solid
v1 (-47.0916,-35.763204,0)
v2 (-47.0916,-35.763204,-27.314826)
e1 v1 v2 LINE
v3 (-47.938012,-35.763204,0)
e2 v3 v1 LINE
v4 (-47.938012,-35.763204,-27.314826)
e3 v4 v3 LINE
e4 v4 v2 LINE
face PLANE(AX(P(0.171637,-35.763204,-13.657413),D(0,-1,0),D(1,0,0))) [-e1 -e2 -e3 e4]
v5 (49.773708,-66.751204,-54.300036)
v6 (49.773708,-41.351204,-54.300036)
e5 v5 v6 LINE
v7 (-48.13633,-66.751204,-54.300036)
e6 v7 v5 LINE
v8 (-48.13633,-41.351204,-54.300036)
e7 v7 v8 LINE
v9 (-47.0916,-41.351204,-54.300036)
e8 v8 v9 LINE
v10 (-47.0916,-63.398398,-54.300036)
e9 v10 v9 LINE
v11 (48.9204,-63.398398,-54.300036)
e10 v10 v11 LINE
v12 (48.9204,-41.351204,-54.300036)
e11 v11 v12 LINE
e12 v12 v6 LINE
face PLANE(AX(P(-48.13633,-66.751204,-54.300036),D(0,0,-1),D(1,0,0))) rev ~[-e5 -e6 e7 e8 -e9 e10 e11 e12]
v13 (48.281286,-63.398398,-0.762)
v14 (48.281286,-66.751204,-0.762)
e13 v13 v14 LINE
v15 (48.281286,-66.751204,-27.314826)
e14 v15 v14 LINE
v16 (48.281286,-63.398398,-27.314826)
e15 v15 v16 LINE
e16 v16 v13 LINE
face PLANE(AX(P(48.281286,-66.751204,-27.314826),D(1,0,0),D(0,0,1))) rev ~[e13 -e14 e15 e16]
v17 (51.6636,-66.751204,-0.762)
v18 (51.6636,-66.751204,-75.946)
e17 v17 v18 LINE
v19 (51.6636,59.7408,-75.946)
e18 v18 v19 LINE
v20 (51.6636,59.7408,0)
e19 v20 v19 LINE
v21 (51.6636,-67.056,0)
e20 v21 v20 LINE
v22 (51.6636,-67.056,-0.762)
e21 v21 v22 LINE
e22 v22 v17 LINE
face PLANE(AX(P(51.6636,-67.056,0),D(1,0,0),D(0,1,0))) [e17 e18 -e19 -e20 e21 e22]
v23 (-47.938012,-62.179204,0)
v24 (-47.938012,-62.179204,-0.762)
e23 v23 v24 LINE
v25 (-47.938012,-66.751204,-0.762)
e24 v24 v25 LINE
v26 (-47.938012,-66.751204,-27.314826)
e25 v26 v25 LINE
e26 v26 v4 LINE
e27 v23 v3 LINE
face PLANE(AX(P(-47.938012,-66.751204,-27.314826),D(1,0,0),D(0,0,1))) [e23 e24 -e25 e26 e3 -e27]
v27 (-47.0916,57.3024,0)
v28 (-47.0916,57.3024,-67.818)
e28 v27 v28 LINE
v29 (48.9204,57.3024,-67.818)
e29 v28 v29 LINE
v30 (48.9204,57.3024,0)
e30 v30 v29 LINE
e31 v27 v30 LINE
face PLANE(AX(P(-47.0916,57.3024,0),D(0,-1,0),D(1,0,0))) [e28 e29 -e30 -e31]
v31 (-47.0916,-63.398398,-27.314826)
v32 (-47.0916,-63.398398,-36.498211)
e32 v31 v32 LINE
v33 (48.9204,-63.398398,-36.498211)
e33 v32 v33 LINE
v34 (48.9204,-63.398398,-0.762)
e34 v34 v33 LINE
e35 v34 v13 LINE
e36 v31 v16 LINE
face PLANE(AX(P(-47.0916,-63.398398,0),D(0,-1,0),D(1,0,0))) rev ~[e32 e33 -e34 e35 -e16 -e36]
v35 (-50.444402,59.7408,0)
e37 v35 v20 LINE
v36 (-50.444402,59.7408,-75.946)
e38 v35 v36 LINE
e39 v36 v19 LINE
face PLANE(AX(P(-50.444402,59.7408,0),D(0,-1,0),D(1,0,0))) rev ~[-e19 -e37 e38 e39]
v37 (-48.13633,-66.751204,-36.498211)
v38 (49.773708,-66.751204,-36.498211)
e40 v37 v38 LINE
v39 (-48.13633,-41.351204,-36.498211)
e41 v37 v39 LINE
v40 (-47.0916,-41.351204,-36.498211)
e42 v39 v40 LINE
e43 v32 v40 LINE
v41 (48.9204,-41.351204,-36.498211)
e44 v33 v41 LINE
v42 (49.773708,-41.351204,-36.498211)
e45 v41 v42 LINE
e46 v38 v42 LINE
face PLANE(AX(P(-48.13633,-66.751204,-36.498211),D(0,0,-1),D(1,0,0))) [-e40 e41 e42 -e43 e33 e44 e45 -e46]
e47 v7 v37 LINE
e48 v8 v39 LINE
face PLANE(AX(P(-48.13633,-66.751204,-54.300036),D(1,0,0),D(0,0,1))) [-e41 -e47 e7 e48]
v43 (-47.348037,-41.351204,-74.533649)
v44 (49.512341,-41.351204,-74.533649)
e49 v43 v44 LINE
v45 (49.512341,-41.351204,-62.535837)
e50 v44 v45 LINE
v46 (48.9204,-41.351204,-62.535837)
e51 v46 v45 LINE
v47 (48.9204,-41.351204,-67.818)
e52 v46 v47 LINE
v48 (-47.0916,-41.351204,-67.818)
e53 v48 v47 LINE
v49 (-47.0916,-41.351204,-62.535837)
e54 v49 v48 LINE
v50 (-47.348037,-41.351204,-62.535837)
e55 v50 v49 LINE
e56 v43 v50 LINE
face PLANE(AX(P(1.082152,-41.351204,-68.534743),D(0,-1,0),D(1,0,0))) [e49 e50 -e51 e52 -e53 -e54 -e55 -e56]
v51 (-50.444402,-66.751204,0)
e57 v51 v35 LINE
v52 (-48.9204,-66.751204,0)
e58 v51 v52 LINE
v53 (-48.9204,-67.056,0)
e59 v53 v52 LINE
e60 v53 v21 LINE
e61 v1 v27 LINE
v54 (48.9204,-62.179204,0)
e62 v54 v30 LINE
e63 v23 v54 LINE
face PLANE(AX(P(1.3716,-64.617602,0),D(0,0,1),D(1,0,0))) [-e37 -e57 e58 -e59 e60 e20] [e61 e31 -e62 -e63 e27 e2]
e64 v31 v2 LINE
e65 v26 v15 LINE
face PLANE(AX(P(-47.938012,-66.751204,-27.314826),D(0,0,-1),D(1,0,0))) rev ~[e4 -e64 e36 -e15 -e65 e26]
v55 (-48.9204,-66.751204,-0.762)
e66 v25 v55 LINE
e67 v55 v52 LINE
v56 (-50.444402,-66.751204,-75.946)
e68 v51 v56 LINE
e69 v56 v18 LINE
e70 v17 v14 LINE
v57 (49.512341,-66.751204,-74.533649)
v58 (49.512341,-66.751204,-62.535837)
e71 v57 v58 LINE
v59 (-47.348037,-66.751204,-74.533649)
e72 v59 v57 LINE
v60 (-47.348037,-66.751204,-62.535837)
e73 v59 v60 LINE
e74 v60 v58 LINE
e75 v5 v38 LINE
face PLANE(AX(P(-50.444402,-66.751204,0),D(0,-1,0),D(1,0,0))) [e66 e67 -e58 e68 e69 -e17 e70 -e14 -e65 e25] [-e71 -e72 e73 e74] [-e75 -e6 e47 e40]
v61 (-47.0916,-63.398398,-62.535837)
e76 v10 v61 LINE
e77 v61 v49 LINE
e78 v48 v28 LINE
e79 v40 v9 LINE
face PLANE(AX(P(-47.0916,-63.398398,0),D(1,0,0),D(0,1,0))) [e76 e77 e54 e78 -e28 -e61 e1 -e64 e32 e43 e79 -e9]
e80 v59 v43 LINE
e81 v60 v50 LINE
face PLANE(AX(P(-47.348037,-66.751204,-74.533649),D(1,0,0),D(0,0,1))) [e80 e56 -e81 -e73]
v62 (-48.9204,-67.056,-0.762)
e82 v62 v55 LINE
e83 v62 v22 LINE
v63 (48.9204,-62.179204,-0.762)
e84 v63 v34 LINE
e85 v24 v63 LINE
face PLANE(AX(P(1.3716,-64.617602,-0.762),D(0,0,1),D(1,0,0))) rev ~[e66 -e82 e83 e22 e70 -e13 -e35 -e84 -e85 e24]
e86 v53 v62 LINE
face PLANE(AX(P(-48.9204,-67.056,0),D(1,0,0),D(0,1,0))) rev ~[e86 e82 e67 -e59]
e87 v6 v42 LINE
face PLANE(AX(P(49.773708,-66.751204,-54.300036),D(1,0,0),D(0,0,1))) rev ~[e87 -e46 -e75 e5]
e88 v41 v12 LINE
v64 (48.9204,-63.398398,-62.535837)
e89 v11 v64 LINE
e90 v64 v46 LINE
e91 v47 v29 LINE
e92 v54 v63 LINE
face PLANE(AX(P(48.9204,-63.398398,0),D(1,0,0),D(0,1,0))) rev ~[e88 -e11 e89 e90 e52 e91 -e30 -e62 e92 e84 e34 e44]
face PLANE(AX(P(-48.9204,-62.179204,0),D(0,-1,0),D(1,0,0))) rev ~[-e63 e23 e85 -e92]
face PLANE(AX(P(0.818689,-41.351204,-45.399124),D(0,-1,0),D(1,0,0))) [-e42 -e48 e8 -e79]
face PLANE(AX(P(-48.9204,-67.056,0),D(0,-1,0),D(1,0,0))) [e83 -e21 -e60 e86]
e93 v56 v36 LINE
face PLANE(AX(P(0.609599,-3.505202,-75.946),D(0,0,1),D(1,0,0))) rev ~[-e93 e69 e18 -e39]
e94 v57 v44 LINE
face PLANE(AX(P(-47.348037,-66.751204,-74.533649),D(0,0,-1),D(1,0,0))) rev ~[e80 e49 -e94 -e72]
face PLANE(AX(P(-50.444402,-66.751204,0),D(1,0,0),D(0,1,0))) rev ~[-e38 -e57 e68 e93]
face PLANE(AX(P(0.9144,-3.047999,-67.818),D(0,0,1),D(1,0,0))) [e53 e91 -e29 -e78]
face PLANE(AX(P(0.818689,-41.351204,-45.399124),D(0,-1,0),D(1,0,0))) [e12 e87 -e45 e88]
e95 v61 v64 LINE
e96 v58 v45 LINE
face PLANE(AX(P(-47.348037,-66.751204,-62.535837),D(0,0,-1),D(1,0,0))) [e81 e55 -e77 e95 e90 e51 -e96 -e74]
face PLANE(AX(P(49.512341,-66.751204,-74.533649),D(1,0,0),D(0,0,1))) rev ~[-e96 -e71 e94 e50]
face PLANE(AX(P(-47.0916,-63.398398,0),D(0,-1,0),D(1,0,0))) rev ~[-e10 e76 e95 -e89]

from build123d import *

# Parameters (mm, degrees)
F0_W      = 102.108002
F0_H      = 126.492004
F1_DEPTH  = 75.946
F2_W      = 96.012
F2_H      = 120.700798
F3_DEPTH  = 67.818
F5_W      = 96.219298
F5_H      = 27.314827
F6_DEPTH  = 30.988
F7_W      = 97.910039
F7_H      = 17.801825
F8_DEPTH  = 25.4
F9_W      = 96.860379
F9_H      = 11.997812
F10_DEPTH = 25.4
F11_W     = 100.584
F11_H     = 4.876796
F12_DEPTH = 0.762


with BuildPart() as f1:
    # F0 (on Top) → F1 (new body)
    with BuildSketch(Plane.XY):
        with Locations((0.609599, -3.505202)):
            Rectangle(F0_W, F0_H)
    extrude(amount=-F1_DEPTH)

    # F2 (on face) → F3 (cut)
    with BuildSketch(Plane.XY):
        with Locations((0.9144, -3.047999)):
            Rectangle(F2_W, F2_H)
    extrude(amount=-F3_DEPTH, mode=Mode.SUBTRACT)

    # F5 (on face) → F6 (cut)
    with BuildSketch(Plane.XZ.offset(66.751204)):
        with Locations((0.171637, -13.657413)):
            Rectangle(F5_W, F5_H)
    extrude(amount=-F6_DEPTH, mode=Mode.SUBTRACT)

    # F7 (on face) → F8 (cut)
    with BuildSketch(Plane.XZ.offset(66.751204)):
        with Locations((0.818689, -45.399124)):
            Rectangle(F7_W, F7_H)
    extrude(amount=-F8_DEPTH, mode=Mode.SUBTRACT)

    # F9 (on face) → F10 (cut)
    with BuildSketch(Plane.XZ.offset(66.751204)):
        with Locations((1.082152, -68.534743)):
            Rectangle(F9_W, F9_H)
    extrude(amount=-F10_DEPTH, mode=Mode.SUBTRACT)

    # F11 (on Top) → F12 (join)
    with BuildSketch(Plane.XY):
        with Locations((1.3716, -64.617602)):
            Rectangle(F11_W, F11_H)
    extrude(amount=-F12_DEPTH)


solid = f1.part
